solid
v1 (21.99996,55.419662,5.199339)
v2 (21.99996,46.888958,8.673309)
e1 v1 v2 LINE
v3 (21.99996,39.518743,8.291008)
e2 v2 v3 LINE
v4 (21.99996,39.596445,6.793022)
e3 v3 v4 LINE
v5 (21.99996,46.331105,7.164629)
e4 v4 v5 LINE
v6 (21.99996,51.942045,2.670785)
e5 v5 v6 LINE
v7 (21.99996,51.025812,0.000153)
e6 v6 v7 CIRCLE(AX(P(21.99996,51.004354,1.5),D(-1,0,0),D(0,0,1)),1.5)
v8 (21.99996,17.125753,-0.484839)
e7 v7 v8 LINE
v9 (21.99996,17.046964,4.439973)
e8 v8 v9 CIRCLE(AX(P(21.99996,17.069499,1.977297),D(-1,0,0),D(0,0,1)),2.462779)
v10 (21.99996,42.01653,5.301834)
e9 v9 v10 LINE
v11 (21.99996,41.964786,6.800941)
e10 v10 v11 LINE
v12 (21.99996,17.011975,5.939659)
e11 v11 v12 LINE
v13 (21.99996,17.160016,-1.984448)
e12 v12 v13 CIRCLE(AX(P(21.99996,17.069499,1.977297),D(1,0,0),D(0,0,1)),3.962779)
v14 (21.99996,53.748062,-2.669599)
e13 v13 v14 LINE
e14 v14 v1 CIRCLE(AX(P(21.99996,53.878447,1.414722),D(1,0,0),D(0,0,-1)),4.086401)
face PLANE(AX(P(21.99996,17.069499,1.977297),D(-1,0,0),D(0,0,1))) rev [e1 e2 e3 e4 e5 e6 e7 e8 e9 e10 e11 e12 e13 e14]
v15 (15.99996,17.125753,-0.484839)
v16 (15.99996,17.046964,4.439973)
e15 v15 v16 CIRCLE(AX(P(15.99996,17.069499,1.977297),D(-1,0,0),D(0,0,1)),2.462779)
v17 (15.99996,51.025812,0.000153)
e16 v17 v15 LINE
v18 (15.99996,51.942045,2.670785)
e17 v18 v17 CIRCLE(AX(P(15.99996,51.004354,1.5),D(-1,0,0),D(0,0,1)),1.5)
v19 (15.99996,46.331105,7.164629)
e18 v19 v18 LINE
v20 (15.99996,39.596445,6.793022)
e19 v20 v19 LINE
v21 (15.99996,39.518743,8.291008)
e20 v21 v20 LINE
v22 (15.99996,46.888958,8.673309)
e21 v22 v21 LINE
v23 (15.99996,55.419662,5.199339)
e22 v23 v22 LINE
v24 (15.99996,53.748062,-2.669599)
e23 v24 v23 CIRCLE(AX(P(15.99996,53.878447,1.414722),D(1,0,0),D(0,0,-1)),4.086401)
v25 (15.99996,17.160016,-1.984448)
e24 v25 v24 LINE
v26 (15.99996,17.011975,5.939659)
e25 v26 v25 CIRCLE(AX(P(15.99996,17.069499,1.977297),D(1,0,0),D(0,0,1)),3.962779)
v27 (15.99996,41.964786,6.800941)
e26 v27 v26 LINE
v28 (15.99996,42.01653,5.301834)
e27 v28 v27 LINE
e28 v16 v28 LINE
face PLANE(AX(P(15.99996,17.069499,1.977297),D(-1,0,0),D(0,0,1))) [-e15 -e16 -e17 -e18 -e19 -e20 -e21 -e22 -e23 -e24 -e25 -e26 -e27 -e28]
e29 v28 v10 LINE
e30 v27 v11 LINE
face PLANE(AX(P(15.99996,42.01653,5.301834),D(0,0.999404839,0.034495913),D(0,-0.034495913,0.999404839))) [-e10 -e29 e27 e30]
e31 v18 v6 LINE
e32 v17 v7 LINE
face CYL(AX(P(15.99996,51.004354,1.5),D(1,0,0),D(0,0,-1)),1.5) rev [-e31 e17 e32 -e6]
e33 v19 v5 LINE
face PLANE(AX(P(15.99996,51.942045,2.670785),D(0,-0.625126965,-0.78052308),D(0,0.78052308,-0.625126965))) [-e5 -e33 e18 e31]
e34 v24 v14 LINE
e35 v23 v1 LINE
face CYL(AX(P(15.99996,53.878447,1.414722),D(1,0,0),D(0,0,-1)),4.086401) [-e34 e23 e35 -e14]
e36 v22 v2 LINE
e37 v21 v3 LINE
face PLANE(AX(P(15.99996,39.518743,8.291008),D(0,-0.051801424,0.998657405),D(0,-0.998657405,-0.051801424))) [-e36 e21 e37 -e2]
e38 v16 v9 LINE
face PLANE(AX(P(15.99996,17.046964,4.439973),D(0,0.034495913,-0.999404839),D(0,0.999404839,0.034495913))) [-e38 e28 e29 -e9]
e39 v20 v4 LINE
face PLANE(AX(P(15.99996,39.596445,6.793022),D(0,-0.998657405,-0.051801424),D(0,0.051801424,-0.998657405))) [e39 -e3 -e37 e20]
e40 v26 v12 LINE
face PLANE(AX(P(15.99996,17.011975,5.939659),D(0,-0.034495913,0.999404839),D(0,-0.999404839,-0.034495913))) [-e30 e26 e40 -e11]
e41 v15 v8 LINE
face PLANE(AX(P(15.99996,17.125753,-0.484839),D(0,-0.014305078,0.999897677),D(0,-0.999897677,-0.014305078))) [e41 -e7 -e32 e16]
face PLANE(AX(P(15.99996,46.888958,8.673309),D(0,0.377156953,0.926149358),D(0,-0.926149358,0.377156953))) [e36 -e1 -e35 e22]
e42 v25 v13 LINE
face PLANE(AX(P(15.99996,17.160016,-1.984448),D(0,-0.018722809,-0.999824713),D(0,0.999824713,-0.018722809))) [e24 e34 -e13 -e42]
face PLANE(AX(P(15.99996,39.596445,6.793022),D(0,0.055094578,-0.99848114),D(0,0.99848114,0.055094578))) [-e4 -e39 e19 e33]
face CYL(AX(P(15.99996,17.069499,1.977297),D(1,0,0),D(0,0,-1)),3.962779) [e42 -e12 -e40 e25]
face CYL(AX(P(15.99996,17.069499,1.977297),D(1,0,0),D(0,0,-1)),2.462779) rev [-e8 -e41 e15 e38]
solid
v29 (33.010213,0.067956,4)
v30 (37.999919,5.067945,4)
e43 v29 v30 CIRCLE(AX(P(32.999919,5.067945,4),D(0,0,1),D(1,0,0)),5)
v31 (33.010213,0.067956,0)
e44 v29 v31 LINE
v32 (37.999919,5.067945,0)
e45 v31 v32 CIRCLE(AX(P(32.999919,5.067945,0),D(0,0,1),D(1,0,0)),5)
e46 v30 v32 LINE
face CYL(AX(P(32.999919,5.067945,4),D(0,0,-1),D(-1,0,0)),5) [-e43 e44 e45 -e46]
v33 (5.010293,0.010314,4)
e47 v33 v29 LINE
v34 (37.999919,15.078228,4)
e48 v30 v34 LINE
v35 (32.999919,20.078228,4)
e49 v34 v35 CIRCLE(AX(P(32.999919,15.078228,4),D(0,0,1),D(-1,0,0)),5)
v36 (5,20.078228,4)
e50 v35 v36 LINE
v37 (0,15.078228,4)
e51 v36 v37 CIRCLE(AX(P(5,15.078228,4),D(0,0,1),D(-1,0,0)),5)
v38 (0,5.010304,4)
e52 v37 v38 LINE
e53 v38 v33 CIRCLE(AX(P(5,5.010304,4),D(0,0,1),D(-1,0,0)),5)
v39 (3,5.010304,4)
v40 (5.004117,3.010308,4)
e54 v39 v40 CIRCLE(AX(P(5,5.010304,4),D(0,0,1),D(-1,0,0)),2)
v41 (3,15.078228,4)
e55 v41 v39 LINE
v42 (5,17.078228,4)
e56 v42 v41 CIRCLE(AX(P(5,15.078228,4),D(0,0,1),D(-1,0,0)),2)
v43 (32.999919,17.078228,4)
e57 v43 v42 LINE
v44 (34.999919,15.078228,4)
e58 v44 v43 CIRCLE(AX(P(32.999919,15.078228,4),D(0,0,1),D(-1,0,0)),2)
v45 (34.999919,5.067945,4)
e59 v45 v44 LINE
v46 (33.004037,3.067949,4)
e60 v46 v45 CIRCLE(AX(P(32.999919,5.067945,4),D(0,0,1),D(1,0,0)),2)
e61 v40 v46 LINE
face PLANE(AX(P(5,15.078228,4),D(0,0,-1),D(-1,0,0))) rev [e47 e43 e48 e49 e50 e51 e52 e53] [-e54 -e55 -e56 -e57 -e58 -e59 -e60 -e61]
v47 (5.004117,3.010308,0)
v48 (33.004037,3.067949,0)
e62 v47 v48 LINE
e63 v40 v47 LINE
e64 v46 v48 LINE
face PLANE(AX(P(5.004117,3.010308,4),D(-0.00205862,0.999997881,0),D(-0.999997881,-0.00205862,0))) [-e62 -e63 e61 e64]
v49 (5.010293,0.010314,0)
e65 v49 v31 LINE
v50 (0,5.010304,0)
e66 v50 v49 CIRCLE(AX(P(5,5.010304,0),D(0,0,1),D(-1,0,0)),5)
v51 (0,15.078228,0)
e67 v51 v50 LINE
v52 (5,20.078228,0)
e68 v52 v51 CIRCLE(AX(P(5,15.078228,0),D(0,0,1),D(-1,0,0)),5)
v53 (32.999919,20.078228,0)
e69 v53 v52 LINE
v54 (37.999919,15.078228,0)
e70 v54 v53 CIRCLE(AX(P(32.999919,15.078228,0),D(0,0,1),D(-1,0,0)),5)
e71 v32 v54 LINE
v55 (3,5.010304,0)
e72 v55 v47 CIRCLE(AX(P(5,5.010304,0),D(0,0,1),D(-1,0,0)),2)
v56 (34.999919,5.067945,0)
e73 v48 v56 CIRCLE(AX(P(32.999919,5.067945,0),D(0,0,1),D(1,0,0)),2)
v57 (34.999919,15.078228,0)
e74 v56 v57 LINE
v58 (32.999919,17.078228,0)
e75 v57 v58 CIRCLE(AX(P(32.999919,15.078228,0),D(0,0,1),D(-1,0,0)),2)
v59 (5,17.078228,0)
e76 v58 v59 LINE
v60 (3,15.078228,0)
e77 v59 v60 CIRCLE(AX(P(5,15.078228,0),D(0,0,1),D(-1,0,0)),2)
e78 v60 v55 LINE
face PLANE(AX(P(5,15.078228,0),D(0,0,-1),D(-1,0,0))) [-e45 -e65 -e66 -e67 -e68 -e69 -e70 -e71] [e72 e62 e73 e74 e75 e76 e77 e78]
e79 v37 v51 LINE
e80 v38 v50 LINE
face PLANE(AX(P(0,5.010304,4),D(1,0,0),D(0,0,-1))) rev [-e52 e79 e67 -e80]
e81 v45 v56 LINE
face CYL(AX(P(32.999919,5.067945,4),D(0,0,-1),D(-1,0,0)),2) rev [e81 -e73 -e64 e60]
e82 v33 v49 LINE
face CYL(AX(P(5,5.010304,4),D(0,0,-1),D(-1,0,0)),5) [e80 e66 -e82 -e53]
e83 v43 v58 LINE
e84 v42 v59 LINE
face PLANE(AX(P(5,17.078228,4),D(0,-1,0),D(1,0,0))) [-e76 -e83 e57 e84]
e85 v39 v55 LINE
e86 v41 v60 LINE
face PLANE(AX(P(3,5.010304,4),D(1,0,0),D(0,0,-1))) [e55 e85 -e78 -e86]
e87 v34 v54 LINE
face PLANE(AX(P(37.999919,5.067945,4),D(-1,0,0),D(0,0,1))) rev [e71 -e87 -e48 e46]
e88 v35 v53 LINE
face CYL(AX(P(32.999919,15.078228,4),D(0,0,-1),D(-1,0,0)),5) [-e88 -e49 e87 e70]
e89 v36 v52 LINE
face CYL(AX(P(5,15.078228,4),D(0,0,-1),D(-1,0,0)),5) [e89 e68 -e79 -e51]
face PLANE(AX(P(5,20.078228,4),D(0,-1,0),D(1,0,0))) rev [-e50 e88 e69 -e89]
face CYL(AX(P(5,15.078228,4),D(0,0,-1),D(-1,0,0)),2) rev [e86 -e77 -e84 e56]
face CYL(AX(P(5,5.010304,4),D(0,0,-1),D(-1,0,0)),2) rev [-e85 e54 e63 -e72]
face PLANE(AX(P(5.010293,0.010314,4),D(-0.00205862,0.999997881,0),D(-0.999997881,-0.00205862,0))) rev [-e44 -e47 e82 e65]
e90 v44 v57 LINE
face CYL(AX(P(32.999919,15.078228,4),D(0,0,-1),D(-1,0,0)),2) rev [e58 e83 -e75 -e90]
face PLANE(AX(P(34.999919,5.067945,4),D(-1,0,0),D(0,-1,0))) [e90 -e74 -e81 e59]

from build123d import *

# Parameters (mm, degrees)
EXTRUSION1_DEPTH      = 4
EXTRUSION6_DEPTH      = 3
EXTRUSION6_DEPTH_BACK = 3


with BuildPart() as part:
    # Esquisse1 → Extrusion1 (new body)
    with BuildSketch(Plane.XY):
        with BuildLine():
            Line((5.010293101, 0.010314313), (33.010212581, 0.067955638))
            ThreePointArc((33.010212581, 0.067955638), (36.539090675, 1.536052173), (37.999919479, 5.067945043))
            Line((37.999919479, 5.067945043), (37.999919479, 15.078227571))
            ThreePointArc((37.999919479, 15.078227571), (36.535453385, 18.613761477), (32.999919479, 20.078227571))
            Line((32.999919479, 20.078227571), (5, 20.078227571))
            ThreePointArc((5, 20.078227571), (1.464466094, 18.613761477), (0, 15.078227571))
            Line((0, 15.078227571), (0, 5.010303718))
            ThreePointArc((0, 5.010303718), (1.46810713, 1.471132522), (5.010293101, 0.010314313))
        make_face()
        with BuildLine():
            Line((5.004117241, 3.010307956), (33.00403672, 3.067949281))
            ThreePointArc((33.00403672, 3.067949281), (34.415587958, 3.655187895), (34.999919479, 5.067945043))
            Line((34.999919479, 5.067945043), (34.999919479, 15.078227571))
            ThreePointArc((34.999919479, 15.078227571), (34.414133042, 16.492441133), (32.999919479, 17.078227571))
            Line((32.999919479, 17.078227571), (5, 17.078227571))
            ThreePointArc((5, 17.078227571), (3.585786438, 16.492441133), (3, 15.078227571))
            Line((3, 15.078227571), (3, 5.010303718))
            ThreePointArc((3, 5.010303718), (3.587242852, 3.59463524), (5.004117241, 3.010307956))
        make_face(mode=Mode.SUBTRACT)
    extrude(amount=EXTRUSION1_DEPTH)


with BuildPart() as body_2:
    # Esquisse3 → Extrusion6 (new, two sides: drawn at the far end of the back side and taken through both)
    with BuildSketch(Plane(origin=(18.99995974, 0, 0), x_dir=(0, 0, -1), z_dir=(1, 0, 0)).offset(-EXTRUSION6_DEPTH_BACK)):
        with BuildLine():
            Line((-4.439973035, 17.04696415), (-5.301833954, 42.016529803))
            Line((-5.301833954, 42.016529803), (-6.800941213, 41.964785933))
            Line((-6.800941213, 41.964785933), (-5.939658597, 17.011974715))
            ThreePointArc((-5.939658597, 17.011974715), (-1.903276121, 13.107411753), (1.984447776, 17.160015646))
            Line((1.984447776, 17.160015646), (2.669598886, 53.748061856))
            ThreePointArc((2.669598886, 53.748061856), (-0.565594436, 57.875653406), (-5.199339475, 55.419661805))
            Line((-5.199339475, 55.419661805), (-8.673308706, 46.888957693))
            Line((-8.673308706, 46.888957693), (-8.291007805, 39.51874277))
            Line((-8.291007805, 39.51874277), (-6.793021698, 39.596444905))
            Line((-6.793021698, 39.596444905), (-7.164629397, 46.331105448))
            Line((-7.164629397, 46.331105448), (-2.67078462, 51.942044927))
            ThreePointArc((-2.67078462, 51.942044927), (-1.013234058, 52.423177555), (-0.000153484, 51.025812098))
            Line((-0.000153484, 51.025812098), (0.484839133, 17.125753187))
            ThreePointArc((0.484839133, 17.125753187), (-1.937901786, 14.60703548), (-4.439973035, 17.04696415))
        make_face()
    extrude(amount=EXTRUSION6_DEPTH + EXTRUSION6_DEPTH_BACK)


solid = Compound([part.part, body_2.part])
